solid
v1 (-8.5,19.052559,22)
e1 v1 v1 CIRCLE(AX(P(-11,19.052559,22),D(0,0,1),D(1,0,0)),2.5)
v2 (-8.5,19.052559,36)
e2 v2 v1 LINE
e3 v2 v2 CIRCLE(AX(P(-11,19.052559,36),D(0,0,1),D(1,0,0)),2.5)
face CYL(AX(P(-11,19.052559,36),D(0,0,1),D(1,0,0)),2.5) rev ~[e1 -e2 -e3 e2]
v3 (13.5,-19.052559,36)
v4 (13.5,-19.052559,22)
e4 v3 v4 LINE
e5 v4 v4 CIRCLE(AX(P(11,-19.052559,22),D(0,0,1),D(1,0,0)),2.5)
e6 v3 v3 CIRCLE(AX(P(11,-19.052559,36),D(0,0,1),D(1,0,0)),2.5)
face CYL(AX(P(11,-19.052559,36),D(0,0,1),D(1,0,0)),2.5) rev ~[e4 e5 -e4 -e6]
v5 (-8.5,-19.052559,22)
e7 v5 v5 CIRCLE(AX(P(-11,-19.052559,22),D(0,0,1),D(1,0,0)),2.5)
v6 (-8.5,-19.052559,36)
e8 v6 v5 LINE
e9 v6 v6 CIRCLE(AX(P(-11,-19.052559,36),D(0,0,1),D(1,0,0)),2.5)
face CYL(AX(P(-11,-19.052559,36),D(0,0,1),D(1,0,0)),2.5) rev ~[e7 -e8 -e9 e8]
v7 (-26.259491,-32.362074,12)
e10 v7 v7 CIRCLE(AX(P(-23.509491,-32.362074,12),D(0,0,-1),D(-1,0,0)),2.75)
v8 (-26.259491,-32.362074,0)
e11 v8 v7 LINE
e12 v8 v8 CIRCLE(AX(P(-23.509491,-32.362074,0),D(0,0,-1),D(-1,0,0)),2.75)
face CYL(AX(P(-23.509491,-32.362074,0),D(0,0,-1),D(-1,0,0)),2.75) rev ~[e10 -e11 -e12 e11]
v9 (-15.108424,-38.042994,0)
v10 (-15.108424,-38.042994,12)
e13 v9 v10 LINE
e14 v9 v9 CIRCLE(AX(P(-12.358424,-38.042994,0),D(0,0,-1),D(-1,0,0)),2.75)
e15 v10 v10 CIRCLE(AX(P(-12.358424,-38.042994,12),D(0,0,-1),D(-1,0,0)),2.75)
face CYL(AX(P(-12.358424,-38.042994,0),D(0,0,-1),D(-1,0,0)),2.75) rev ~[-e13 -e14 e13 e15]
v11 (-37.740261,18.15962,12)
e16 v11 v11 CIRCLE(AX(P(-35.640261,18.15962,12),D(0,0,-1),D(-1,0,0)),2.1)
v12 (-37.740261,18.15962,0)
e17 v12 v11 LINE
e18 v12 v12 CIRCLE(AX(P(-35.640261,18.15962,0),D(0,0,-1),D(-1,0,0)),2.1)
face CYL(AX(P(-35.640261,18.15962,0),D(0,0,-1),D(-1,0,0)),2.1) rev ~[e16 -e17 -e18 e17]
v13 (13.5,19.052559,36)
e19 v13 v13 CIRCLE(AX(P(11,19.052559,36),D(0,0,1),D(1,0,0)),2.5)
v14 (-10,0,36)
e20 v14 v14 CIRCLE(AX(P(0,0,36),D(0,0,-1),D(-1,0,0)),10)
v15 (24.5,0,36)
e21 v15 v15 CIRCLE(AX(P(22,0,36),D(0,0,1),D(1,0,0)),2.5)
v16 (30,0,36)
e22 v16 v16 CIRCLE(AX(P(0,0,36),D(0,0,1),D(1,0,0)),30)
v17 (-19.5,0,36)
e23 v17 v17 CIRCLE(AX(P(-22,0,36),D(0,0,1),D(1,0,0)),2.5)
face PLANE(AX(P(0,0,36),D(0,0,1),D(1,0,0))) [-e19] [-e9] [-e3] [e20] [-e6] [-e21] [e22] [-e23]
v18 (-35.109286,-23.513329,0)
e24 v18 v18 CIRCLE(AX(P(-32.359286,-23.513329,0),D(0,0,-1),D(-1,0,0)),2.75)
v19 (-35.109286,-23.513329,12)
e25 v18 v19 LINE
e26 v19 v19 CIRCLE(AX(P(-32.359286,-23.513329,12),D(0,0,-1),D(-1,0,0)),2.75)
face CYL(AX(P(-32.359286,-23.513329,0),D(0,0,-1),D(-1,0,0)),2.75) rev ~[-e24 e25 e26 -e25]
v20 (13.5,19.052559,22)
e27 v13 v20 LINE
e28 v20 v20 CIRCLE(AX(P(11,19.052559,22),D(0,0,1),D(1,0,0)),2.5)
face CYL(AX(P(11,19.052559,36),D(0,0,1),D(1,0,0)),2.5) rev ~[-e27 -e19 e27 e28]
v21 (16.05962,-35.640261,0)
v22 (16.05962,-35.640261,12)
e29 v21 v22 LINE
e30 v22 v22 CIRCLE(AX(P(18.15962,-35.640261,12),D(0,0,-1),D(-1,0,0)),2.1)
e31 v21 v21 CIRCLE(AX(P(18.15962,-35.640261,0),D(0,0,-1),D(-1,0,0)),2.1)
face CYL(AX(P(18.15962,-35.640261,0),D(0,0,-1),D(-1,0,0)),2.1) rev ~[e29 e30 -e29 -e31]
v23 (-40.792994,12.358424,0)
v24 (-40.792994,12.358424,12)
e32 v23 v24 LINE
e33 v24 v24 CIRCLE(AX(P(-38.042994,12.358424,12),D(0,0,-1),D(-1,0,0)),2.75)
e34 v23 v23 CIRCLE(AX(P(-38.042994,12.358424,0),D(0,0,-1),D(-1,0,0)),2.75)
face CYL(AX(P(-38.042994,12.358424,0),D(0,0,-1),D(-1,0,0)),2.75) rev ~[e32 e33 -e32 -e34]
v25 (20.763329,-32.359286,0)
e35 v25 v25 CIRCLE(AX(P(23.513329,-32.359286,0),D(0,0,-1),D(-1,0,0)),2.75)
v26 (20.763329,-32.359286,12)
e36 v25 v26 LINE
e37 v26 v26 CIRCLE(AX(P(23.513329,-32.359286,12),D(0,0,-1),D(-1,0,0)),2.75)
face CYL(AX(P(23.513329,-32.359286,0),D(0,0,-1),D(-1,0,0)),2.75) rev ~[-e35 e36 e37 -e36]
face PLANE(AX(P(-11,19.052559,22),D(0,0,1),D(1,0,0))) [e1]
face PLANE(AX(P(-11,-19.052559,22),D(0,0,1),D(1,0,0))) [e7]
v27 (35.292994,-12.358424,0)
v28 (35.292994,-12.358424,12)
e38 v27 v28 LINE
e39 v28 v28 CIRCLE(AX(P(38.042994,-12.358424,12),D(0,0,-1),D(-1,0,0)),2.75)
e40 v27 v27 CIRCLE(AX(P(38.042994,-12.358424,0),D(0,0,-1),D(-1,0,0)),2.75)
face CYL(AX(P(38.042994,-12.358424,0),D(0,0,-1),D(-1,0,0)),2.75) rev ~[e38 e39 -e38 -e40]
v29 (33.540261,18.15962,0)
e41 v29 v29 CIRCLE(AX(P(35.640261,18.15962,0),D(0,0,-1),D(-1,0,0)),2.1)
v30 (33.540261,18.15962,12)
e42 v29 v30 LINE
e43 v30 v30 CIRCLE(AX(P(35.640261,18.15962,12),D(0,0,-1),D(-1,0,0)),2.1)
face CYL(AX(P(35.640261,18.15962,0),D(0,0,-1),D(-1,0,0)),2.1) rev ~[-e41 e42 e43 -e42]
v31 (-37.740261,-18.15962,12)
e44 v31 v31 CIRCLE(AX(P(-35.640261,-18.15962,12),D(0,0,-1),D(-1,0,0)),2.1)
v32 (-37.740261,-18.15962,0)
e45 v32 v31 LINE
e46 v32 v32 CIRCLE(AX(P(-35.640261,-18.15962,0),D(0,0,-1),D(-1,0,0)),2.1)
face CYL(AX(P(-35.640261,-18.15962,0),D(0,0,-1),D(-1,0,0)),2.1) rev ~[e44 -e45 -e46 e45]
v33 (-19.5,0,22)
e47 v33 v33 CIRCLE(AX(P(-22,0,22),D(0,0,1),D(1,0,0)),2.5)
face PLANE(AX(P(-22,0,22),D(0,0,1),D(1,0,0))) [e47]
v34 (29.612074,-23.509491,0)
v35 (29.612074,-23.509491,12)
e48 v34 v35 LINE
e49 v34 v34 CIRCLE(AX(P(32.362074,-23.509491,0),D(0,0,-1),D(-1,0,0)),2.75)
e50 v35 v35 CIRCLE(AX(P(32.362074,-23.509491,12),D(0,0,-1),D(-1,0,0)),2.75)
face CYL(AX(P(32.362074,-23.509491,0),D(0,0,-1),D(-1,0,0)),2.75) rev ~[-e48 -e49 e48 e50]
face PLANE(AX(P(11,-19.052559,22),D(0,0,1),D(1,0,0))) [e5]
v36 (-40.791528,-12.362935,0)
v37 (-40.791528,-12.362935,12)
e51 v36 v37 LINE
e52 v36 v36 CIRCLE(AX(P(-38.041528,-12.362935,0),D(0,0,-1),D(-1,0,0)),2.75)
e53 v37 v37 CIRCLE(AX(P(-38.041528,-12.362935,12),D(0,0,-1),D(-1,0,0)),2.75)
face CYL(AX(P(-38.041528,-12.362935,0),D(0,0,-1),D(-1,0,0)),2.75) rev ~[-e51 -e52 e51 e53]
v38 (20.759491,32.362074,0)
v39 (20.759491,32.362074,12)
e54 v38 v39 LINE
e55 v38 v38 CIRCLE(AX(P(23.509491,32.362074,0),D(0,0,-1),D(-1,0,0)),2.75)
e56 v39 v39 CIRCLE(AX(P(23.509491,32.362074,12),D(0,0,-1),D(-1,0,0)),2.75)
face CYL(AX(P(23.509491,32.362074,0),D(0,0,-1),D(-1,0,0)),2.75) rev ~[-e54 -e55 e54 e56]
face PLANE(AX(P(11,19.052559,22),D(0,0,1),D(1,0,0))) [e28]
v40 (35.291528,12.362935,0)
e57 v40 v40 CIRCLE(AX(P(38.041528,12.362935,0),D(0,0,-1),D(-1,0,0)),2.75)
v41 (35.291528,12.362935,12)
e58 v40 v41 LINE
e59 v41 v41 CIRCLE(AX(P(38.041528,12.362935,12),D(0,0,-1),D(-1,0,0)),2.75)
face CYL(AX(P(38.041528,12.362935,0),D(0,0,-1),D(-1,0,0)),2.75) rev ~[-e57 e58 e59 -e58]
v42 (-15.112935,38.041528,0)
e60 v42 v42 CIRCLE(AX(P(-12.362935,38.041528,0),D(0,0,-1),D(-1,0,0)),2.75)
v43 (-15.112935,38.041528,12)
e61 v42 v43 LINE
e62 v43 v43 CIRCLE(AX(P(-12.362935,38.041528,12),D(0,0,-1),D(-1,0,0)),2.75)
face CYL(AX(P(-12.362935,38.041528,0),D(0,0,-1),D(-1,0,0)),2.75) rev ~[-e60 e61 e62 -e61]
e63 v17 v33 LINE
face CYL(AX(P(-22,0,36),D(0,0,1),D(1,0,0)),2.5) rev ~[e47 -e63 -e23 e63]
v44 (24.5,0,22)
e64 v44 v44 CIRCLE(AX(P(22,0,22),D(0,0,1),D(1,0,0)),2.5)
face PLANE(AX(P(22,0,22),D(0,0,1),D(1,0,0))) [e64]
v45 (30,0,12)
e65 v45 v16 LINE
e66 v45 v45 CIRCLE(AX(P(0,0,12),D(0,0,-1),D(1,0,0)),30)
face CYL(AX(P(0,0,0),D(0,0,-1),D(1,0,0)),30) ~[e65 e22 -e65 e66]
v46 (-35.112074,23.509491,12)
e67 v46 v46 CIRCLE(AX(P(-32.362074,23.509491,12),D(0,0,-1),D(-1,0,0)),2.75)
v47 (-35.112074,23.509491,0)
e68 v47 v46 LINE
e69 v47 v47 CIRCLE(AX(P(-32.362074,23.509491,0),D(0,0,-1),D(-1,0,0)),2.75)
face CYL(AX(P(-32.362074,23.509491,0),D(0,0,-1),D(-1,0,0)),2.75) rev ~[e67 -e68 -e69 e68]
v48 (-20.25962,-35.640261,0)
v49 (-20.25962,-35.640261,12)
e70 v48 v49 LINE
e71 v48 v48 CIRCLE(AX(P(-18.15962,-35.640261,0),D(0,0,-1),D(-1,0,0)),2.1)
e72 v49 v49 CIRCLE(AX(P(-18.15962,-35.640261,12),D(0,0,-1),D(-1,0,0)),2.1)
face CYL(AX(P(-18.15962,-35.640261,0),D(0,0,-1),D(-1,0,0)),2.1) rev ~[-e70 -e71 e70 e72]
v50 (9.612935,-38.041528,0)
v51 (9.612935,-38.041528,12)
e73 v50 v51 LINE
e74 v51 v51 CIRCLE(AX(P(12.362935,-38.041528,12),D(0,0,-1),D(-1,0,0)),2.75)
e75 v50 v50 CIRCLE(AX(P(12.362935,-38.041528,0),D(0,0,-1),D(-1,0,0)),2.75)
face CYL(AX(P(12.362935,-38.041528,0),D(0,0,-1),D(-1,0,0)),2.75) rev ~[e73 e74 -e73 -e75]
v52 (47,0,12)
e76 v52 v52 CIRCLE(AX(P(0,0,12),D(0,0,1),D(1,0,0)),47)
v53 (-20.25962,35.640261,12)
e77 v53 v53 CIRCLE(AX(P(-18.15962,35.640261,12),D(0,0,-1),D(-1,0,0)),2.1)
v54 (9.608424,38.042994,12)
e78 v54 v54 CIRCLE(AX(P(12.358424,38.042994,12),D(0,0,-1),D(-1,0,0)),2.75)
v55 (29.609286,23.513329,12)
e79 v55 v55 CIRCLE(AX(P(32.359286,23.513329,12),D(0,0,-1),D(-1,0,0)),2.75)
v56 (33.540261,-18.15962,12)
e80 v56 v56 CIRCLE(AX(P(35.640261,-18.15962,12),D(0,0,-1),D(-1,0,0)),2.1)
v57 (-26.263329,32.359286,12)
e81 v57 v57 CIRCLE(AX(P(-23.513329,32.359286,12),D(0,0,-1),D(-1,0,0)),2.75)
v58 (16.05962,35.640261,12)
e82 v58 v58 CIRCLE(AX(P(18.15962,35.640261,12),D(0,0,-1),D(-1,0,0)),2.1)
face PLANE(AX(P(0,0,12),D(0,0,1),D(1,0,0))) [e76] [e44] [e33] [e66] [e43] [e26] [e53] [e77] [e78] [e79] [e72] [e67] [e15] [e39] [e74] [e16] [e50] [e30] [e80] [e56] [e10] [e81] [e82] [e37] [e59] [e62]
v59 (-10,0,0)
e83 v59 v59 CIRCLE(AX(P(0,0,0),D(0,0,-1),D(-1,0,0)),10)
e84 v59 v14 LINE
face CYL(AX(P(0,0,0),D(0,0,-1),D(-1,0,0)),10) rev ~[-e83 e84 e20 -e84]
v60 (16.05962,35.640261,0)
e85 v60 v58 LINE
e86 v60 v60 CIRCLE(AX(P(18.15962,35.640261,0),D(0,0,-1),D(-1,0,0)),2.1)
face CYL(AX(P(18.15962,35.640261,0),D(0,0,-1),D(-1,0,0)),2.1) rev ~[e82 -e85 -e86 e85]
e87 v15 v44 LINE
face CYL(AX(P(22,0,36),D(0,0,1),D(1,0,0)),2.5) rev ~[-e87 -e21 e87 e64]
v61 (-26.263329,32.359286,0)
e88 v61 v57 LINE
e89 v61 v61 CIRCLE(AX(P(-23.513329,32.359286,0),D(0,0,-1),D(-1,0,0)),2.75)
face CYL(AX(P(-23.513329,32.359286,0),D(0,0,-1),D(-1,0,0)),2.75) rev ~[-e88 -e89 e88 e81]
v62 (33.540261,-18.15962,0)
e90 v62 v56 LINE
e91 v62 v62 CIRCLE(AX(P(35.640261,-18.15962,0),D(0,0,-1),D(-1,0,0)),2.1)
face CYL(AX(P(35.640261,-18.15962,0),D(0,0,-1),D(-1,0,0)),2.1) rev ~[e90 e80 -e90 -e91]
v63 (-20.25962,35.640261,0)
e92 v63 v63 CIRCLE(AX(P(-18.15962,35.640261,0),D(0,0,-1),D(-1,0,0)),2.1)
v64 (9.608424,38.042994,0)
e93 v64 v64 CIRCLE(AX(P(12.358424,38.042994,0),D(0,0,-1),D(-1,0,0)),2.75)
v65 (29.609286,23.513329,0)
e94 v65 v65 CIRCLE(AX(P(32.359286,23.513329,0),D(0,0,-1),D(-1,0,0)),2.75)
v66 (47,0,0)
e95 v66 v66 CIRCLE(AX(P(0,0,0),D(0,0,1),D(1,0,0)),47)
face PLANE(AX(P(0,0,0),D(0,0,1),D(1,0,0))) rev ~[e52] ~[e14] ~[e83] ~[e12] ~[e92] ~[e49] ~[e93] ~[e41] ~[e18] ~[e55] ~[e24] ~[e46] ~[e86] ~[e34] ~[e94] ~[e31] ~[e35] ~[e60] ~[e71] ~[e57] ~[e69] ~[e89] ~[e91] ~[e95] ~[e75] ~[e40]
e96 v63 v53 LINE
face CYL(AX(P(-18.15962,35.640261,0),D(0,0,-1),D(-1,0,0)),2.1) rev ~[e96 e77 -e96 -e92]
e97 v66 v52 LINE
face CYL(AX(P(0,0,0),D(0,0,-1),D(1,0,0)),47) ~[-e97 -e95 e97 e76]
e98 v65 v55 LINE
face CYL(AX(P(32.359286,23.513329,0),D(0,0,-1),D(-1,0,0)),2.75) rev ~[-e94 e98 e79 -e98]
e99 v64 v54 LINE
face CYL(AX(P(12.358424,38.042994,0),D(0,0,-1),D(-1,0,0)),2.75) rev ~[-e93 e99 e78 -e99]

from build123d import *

# Parameters (mm, degrees)
SKETCH_1_R          = 47
EXTRUDE_1_DEPTH     = 12
SKETCH_2_R          = 30
EXTRUDE_2_DEPTH     = 36
SKETCH_3_R          = 10
CUT_EXTRUDE_1_DEPTH = 37
SKETCH_4_R          = 2.75
SKETCH_4_R_2        = 2.1
CUT_EXTRUDE_2_DEPTH = 13
SKETCH_5_R          = 2.5
CUT_EXTRUDE_3_DEPTH = 14


with BuildPart() as part:
    # 草图1 → 凸台-拉伸1 (new body)
    with BuildSketch(Plane.XY):
        Circle(SKETCH_1_R)
    extrude(amount=EXTRUDE_1_DEPTH)

    # 草图2 → 凸台-拉伸2 (add)
    with BuildSketch(Plane.XY):
        Circle(SKETCH_2_R)
    extrude(amount=EXTRUDE_2_DEPTH)

    # 草图3 → 切除-拉伸1 (cut)
    with BuildSketch(Plane(origin=(0, 0, 0), x_dir=(-1, 0, 0), z_dir=(0, 0, -1))):
        Circle(SKETCH_3_R)
    extrude(amount=-CUT_EXTRUDE_1_DEPTH, mode=Mode.SUBTRACT)

    # 草图4 → 切除-拉伸2 (cut)
    with BuildSketch(Plane(origin=(0, 0, 0), x_dir=(-1, 0, 0), z_dir=(0, 0, -1))):
        with Locations((-38.042994, -12.358424)):
            Circle(SKETCH_4_R)
        with Locations((-32.362074, -23.509491)):
            Circle(SKETCH_4_R)
        with Locations((-23.513329, -32.359286)):
            Circle(SKETCH_4_R)
        with Locations((-12.362935, -38.041528)):
            Circle(SKETCH_4_R)
        with Locations((12.358424, -38.042994)):
            Circle(SKETCH_4_R)
        with Locations((23.509491, -32.362074)):
            Circle(SKETCH_4_R)
        with Locations((32.359286, -23.513329)):
            Circle(SKETCH_4_R)
        with Locations((38.041528, -12.362935)):
            Circle(SKETCH_4_R)
        with Locations((38.042994, 12.358424)):
            Circle(SKETCH_4_R)
        with Locations((32.362074, 23.509491)):
            Circle(SKETCH_4_R)
        with Locations((23.513329, 32.359286)):
            Circle(SKETCH_4_R)
        with Locations((12.362935, 38.041528)):
            Circle(SKETCH_4_R)
        with Locations((-12.358424, 38.042994)):
            Circle(SKETCH_4_R)
        with Locations((-23.509491, 32.362074)):
            Circle(SKETCH_4_R)
        with Locations((-32.359286, 23.513329)):
            Circle(SKETCH_4_R)
        with Locations((-38.041528, 12.362935)):
            Circle(SKETCH_4_R)
        with Locations((-35.640260968, 18.15961999)):
            Circle(SKETCH_4_R_2)
        with Locations((-18.15961999, 35.640260968)):
            Circle(SKETCH_4_R_2)
        with Locations((18.15961999, 35.640260968)):
            Circle(SKETCH_4_R_2)
        with Locations((35.640260968, 18.15961999)):
            Circle(SKETCH_4_R_2)
        with Locations((35.640260968, -18.15961999)):
            Circle(SKETCH_4_R_2)
        with Locations((18.15961999, -35.640260968)):
            Circle(SKETCH_4_R_2)
        with Locations((-18.15961999, -35.640260968)):
            Circle(SKETCH_4_R_2)
        with Locations((-35.640260968, -18.15961999)):
            Circle(SKETCH_4_R_2)
    extrude(amount=-CUT_EXTRUDE_2_DEPTH, mode=Mode.SUBTRACT)

    # 草图5 → 切除-拉伸3 (cut)
    with BuildSketch(Plane.XY.offset(36)):
        with Locations((22, 0)):
            Circle(SKETCH_5_R)
        with Locations((11, 19.052558883)):
            Circle(SKETCH_5_R)
        with Locations((-11, 19.052558883)):
            Circle(SKETCH_5_R)
        with Locations((-22, 0)):
            Circle(SKETCH_5_R)
        with Locations((-11, -19.052558883)):
            Circle(SKETCH_5_R)
        with Locations((11, -19.052558883)):
            Circle(SKETCH_5_R)
    extrude(amount=-CUT_EXTRUDE_3_DEPTH, mode=Mode.SUBTRACT)


solid = part.part
